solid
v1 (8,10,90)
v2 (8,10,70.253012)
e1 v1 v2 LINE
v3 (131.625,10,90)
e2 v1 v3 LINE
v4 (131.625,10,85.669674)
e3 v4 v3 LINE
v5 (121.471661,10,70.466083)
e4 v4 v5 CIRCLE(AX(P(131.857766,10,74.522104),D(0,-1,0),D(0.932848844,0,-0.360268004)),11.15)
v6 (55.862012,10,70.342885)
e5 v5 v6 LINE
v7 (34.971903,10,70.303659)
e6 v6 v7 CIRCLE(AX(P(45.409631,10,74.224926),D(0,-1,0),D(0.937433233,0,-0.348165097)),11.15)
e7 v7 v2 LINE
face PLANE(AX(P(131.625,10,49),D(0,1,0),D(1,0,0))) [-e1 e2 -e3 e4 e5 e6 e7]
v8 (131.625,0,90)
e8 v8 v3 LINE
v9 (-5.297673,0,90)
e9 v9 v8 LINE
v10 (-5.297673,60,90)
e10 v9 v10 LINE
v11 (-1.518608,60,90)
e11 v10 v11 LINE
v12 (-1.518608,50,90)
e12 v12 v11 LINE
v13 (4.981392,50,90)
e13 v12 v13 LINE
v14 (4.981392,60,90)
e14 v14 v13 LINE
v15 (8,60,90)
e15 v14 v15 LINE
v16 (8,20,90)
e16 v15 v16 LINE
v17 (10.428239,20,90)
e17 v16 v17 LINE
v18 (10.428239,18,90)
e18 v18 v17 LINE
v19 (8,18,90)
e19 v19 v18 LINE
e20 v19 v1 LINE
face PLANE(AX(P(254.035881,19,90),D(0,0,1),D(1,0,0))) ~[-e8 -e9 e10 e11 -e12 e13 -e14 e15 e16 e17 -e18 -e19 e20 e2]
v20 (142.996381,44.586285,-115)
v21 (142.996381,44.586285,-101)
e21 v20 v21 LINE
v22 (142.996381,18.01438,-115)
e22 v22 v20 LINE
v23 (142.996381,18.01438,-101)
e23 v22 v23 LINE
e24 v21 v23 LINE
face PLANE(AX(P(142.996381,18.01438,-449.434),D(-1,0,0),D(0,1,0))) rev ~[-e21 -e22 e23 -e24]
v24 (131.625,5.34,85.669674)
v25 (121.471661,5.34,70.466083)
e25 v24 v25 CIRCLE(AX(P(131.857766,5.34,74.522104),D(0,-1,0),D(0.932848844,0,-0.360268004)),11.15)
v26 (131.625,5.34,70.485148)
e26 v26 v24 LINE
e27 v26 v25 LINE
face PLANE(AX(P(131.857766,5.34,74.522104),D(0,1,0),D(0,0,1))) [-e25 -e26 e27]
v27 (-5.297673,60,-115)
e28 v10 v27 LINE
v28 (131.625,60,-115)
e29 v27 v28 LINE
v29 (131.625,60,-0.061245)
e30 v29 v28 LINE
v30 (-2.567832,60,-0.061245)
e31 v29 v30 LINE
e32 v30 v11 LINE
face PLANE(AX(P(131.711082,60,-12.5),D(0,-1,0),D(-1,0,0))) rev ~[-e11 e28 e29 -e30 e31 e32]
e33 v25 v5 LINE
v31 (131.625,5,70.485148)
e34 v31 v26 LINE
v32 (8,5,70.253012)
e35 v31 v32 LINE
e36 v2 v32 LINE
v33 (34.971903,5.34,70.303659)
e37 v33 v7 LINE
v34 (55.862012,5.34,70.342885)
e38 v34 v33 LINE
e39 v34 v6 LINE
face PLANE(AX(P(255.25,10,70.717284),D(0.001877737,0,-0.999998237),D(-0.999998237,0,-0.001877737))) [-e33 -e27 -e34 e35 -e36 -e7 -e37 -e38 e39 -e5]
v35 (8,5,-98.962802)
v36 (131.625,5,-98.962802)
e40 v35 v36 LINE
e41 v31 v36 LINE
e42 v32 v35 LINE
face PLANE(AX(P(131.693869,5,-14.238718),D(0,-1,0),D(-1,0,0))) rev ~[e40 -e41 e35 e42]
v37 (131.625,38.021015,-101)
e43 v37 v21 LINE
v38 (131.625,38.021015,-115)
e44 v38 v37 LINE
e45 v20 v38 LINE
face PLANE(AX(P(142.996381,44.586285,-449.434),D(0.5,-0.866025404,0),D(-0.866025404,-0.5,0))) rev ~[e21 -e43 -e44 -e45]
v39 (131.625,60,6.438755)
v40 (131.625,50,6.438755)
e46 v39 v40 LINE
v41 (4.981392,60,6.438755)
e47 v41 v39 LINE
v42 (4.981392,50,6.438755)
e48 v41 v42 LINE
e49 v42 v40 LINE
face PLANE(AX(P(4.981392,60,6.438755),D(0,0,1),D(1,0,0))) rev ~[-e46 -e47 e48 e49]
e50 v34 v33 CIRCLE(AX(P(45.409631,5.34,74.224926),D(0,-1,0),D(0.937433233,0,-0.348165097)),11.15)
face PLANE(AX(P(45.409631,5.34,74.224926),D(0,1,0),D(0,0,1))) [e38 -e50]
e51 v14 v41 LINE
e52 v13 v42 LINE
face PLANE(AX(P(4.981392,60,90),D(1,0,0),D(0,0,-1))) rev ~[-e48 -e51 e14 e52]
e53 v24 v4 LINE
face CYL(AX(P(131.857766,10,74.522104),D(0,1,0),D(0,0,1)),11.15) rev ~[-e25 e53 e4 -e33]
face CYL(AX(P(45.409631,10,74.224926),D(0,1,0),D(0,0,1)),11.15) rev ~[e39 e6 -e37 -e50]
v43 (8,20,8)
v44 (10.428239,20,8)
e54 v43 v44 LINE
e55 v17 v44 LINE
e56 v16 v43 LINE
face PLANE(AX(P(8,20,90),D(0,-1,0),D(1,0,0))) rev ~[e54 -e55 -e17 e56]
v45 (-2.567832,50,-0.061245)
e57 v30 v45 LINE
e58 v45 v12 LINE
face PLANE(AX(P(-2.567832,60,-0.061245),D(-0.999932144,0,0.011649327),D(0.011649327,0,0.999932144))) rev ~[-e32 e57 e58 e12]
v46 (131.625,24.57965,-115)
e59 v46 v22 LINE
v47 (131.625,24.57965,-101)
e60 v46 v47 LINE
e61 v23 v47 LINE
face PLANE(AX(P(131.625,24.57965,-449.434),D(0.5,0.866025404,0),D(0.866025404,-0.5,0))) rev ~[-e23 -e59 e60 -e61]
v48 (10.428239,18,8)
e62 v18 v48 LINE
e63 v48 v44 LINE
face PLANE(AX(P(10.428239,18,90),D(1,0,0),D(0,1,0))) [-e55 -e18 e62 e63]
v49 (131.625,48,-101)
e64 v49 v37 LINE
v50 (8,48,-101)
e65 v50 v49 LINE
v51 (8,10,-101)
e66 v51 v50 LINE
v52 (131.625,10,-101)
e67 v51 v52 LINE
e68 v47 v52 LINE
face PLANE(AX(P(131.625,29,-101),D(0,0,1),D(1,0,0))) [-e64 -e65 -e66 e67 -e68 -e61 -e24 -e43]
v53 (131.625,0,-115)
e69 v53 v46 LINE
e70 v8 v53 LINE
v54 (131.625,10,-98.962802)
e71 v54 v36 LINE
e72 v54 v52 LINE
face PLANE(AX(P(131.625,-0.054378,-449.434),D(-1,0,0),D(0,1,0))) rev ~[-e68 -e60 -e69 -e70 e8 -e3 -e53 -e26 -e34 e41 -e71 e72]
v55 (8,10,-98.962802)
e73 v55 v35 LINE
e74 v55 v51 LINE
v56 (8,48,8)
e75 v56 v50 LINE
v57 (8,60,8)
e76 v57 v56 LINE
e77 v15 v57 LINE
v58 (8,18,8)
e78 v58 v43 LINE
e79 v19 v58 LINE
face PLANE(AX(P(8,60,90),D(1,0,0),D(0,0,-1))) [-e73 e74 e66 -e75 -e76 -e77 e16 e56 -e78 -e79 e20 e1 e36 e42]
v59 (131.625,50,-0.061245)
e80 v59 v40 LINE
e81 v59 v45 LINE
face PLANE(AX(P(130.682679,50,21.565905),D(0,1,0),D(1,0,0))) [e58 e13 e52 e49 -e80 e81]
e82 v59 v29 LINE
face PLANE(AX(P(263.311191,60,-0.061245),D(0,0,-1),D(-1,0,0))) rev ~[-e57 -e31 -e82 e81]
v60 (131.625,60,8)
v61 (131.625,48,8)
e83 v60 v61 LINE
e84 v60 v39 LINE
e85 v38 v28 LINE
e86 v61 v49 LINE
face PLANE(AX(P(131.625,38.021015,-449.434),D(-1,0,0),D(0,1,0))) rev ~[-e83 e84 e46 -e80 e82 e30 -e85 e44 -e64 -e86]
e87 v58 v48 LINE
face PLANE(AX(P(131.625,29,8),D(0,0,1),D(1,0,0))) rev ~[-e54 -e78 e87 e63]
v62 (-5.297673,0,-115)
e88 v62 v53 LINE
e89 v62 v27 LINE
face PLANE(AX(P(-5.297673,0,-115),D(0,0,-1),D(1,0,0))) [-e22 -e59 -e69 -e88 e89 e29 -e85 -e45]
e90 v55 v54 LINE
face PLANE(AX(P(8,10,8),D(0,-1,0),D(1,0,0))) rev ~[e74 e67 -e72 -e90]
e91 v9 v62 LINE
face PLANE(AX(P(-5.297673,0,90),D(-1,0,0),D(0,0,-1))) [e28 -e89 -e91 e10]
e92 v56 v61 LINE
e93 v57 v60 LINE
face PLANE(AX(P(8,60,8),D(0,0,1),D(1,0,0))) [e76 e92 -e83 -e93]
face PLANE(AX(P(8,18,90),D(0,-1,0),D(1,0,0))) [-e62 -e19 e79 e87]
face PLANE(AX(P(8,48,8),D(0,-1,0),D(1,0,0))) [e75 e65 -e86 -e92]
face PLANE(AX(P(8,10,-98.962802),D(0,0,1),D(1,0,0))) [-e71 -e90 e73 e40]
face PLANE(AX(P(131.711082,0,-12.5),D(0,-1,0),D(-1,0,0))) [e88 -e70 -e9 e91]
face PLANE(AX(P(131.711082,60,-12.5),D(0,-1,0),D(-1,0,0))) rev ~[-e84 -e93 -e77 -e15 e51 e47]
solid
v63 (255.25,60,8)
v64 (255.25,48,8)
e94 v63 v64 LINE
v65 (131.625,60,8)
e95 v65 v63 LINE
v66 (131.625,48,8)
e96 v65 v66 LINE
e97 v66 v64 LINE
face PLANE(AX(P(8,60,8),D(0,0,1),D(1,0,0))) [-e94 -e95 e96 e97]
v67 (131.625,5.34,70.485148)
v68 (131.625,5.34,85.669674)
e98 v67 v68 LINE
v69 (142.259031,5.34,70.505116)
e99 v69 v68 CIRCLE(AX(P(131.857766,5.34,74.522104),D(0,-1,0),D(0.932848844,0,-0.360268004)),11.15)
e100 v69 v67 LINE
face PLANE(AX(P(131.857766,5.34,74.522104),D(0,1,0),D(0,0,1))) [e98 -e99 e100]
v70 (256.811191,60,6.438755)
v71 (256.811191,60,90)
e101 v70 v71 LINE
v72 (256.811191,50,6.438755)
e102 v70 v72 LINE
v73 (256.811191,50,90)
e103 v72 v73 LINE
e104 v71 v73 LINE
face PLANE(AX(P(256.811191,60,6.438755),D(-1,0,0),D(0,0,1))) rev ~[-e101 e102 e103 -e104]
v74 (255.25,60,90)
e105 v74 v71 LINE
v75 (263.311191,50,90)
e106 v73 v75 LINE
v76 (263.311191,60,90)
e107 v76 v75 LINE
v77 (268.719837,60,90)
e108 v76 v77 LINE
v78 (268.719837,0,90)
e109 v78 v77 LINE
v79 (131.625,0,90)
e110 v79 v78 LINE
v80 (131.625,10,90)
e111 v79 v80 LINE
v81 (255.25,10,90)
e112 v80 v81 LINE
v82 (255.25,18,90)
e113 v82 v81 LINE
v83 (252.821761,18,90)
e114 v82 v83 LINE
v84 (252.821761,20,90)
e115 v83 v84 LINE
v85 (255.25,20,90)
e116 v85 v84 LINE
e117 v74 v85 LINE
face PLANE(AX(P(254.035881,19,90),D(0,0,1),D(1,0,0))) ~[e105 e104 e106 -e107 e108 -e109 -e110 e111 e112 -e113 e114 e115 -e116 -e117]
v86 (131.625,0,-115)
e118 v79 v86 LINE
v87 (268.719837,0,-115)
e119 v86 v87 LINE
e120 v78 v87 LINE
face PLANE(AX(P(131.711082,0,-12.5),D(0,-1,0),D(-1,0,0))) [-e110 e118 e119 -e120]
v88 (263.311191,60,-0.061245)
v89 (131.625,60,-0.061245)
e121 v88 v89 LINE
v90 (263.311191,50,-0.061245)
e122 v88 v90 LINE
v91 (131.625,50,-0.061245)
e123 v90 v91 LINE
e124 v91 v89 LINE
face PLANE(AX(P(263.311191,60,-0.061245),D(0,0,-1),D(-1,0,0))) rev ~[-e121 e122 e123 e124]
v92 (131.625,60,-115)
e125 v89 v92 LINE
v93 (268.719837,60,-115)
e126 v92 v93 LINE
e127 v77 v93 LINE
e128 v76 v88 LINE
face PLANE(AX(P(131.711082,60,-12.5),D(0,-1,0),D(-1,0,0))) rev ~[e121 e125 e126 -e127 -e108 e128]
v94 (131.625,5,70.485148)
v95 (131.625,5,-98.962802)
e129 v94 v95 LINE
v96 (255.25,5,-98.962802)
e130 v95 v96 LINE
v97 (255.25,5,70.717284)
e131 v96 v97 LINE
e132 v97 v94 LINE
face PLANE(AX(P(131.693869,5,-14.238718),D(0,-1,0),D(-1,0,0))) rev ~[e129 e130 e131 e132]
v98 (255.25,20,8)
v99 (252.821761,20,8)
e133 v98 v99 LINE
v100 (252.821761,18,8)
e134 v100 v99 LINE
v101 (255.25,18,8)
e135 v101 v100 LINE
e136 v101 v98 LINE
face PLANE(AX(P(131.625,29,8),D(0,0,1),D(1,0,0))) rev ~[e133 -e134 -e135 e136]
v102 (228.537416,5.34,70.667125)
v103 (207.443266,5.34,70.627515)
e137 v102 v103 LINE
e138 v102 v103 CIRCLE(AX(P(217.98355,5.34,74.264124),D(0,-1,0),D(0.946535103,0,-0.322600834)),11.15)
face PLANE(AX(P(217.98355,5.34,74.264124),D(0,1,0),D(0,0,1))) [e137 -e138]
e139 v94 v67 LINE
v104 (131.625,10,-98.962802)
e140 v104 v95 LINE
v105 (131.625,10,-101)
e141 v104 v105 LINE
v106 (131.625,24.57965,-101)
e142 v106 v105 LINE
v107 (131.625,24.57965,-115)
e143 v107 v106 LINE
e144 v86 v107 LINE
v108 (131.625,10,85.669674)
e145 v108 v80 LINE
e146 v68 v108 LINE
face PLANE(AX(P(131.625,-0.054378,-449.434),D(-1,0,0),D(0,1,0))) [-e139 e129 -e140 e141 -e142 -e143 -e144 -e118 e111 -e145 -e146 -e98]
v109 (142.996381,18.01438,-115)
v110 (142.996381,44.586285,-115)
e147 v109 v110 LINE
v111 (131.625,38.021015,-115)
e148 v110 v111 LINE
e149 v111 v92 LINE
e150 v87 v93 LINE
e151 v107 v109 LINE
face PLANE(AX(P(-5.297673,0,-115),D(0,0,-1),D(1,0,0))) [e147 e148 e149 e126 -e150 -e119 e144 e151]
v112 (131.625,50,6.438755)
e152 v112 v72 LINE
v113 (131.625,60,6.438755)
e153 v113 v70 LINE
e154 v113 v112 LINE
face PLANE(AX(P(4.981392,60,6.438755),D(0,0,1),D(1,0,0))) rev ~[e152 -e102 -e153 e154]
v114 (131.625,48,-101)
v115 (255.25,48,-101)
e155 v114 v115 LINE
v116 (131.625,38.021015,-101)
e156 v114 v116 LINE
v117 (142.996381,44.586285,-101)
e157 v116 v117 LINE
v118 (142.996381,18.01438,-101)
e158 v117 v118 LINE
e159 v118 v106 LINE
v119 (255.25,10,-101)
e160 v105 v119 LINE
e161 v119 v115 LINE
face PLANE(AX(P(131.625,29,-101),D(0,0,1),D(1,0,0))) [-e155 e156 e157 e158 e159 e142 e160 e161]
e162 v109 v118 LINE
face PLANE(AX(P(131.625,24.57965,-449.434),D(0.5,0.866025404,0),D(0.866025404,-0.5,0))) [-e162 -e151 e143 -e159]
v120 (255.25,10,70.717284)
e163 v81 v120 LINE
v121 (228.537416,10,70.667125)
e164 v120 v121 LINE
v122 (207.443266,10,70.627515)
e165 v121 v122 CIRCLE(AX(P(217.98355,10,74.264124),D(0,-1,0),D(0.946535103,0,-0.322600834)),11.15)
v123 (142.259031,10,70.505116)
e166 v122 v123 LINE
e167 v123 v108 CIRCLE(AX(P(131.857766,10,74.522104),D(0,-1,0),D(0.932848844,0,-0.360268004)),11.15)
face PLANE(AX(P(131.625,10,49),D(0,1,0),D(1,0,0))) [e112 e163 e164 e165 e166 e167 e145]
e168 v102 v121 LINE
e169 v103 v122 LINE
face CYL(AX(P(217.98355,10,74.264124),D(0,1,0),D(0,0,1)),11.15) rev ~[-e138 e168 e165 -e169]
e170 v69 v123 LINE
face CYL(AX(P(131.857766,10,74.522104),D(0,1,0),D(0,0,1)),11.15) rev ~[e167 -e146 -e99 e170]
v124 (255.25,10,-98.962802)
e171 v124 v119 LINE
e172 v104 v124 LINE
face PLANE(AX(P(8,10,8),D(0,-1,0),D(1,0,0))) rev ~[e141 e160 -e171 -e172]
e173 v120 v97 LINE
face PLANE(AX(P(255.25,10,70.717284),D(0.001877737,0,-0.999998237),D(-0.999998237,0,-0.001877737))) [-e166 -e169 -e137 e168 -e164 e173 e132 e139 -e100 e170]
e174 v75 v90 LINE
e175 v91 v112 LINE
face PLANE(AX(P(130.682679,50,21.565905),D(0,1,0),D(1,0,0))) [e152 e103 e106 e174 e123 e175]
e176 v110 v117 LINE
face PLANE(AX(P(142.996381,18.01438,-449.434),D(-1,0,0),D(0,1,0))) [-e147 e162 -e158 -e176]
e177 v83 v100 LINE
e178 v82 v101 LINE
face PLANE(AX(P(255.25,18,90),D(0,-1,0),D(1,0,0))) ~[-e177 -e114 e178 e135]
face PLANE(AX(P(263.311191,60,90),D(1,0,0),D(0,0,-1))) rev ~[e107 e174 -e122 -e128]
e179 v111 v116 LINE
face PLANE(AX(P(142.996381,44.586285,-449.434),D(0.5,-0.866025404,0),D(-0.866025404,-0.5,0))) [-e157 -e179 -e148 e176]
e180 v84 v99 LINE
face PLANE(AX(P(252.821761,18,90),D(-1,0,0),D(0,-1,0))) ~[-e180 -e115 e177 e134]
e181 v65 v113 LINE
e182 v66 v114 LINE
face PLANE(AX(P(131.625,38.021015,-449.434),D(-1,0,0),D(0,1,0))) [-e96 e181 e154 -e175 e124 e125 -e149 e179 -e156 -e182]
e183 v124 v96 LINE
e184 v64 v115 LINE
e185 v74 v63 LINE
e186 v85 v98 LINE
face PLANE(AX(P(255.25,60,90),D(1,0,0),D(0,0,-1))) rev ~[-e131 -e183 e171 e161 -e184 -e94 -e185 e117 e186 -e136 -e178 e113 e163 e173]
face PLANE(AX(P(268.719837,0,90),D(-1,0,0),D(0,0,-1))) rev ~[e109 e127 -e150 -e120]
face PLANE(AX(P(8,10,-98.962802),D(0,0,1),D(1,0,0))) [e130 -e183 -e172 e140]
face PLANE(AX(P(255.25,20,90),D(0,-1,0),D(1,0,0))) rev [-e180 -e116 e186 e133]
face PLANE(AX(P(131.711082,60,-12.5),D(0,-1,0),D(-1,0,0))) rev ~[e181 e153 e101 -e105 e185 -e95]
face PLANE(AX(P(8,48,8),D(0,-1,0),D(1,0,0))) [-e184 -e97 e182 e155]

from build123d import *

# Parameters (mm, degrees)
BOSS_EXTRUDE1_DEPTH    = 60
CUT_EXTRUDE1_DEPTH     = 10
SKETCH5_W              = 247.25
SKETCH5_H              = 82
CUT_EXTRUDE2_DEPTH     = 50
SKETCH6_R              = 11.15
CUT_EXTRUDE3_DEPTH     = 4.66
CUT_EXTRUDE4_DEPTH     = 5
SKETCH9_W              = 2.428238535
SKETCH9_H              = 2
BOSS_EXTRUDE3_DEPTH    = 85
SKETCH11_W             = 247.25
SKETCH11_H             = 38
CUT_EXTRUDE6_DEPTH     = 109
SPLIT3_SURFACE_1_BACK  = 348.434
SPLIT3_SURFACE_1_DEPTH = 696.868
SPLIT3_SURFACE_2_BACK  = 348.434
SPLIT3_SURFACE_2_DEPTH = 696.868


with BuildPart() as part:
    # Sketch1 → Boss-Extrude1 (new body)
    with BuildSketch(Plane(origin=(0, 0, 0), x_dir=(1, 0, 0), z_dir=(0, 1, 0))):
        Polygon((263, -90), (0, -90), (-5.297672508, -90), (-5.297672508, 115), (268.719836564, 115), (268.719836564, 109.817232955), (268.719836564, 5.622236561), (268.719836564, -90), align=None)
    extrude(amount=BOSS_EXTRUDE1_DEPTH)

    # Sketch4 → Cut-Extrude1 (cut)
    with BuildSketch(Plane(origin=(0, 60, 0), x_dir=(1, 0, 0), z_dir=(0, 1, 0))):
        Polygon((-1.518607935, -90.000001141), (4.981392065, -90), (4.981392065, -6.438755439), (256.811190639, -6.438755439), (256.811190639, -90), (263.311190639, -90), (263.311190639, 0.061244561), (-2.567831993, 0.061244561), align=None)
    extrude(amount=-CUT_EXTRUDE1_DEPTH, mode=Mode.SUBTRACT)

    # Sketch5 → Cut-Extrude2 (cut)
    with BuildSketch(Plane(origin=(0, 60, 0), x_dir=(1, 0, 0), z_dir=(0, 1, 0))):
        with Locations((131.625, -49)):
            Rectangle(SKETCH5_W, SKETCH5_H)
    extrude(amount=-CUT_EXTRUDE2_DEPTH, mode=Mode.SUBTRACT)

    # Sketch6 → Cut-Extrude3 (cut)
    with BuildSketch(Plane(origin=(0, 10, 0), x_dir=(1, 0, 0), z_dir=(0, 1, 0))):
        with Locations(Location((131.857766281, -74.522104322, 0), (0, 0, 270))):
            Circle(SKETCH6_R)
        with Locations(Location((45.409631344, -74.22492571, 0), (0, 0, 270))):
            Circle(SKETCH6_R)
        with Locations(Location((217.983549657, -74.264123819, 0), (0, 0, 270))):
            Circle(SKETCH6_R)
    extrude(amount=-CUT_EXTRUDE3_DEPTH, mode=Mode.SUBTRACT)

    # Sketch7 → Cut-Extrude4 (cut)
    with BuildSketch(Plane(origin=(0, 10, 0), x_dir=(1, 0, 0), z_dir=(0, 1, 0))):
        Polygon((8, -70.253012436), (8, 98.962802173), (255.25, 98.962802173), (255.25, -70.717283821), align=None)
    extrude(amount=-CUT_EXTRUDE4_DEPTH, mode=Mode.SUBTRACT)

    # Sketch9 → Boss-Extrude3 (add)
    with BuildSketch(Plane.XY.offset(90)):
        with Locations((9.214119267, 19)):
            Rectangle(SKETCH9_W, SKETCH9_H)
    boss_extrude3 = extrude(amount=-BOSS_EXTRUDE3_DEPTH)

    # Mirror1: Boss-Extrude3 across plane
    add(boss_extrude3.mirror(Plane(origin=(131.625, 0, 0), x_dir=(0, 0, 1), z_dir=(1, 0, 0))))

    # Sketch11 → Cut-Extrude6 (cut)
    with BuildSketch(Plane.XY.offset(8)):
        with Locations((131.625, 29)):
            Rectangle(SKETCH11_W, SKETCH11_H)
    extrude(amount=-CUT_EXTRUDE6_DEPTH, mode=Mode.SUBTRACT)


with BuildPart() as body_2:
    # Split3: the piece behind the surface
    add(part.part)
    # Split3 surface: a surface, the sketch's curves swept straight by 696.868 mm
    with BuildLine(Plane.XY.offset(-101).offset(-SPLIT3_SURFACE_1_BACK), mode=Mode.PRIVATE) as split3_surface_1_path:
        Line((131.625, 38.021015206), (131.625, 59.950755183))
        Line((131.625, 59.950755183), (131.625, 64.27398998))
        Line((131.625, 64.27398998), (-5.297672508, 64.27398998))
        Line((-5.297672508, 64.27398998), (-5.297672508, 0))
        Line((-5.297672508, 0), (131.625, -0.05437829))
        Line((131.625, -0.05437829), (131.625, 24.579650238))
        Line((131.625, 24.579650238), (142.996381437, 18.014380104))
        Line((142.996381437, 18.014380104), (142.996381437, 44.58628534))
        Line((142.996381437, 44.58628534), (131.625, 38.021015206))
    split3_surface_1 = Shell.extrude(split3_surface_1_path.wire(), (0 * SPLIT3_SURFACE_1_DEPTH, 0 * SPLIT3_SURFACE_1_DEPTH, 1 * SPLIT3_SURFACE_1_DEPTH))
    split(bisect_by=split3_surface_1, keep=Keep.BOTTOM)


with BuildPart() as part_1:
    add(part.part)

    # Split3: split by a surface, the side it looks to stays
    # Split3 surface: a surface, the sketch's curves swept straight by 696.868 mm
    with BuildLine(Plane.XY.offset(-101).offset(-SPLIT3_SURFACE_2_BACK), mode=Mode.PRIVATE) as split3_surface_2_path:
        Line((131.625, 38.021015206), (131.625, 59.950755183))
        Line((131.625, 59.950755183), (131.625, 64.27398998))
        Line((131.625, 64.27398998), (-5.297672508, 64.27398998))
        Line((-5.297672508, 64.27398998), (-5.297672508, 0))
        Line((-5.297672508, 0), (131.625, -0.05437829))
        Line((131.625, -0.05437829), (131.625, 24.579650238))
        Line((131.625, 24.579650238), (142.996381437, 18.014380104))
        Line((142.996381437, 18.014380104), (142.996381437, 44.58628534))
        Line((142.996381437, 44.58628534), (131.625, 38.021015206))
    split3_surface_2 = Shell.extrude(split3_surface_2_path.wire(), (0 * SPLIT3_SURFACE_2_DEPTH, 0 * SPLIT3_SURFACE_2_DEPTH, 1 * SPLIT3_SURFACE_2_DEPTH))
    split(bisect_by=split3_surface_2, keep=Keep.TOP)


solid = Compound([body_2.part, part_1.part])
